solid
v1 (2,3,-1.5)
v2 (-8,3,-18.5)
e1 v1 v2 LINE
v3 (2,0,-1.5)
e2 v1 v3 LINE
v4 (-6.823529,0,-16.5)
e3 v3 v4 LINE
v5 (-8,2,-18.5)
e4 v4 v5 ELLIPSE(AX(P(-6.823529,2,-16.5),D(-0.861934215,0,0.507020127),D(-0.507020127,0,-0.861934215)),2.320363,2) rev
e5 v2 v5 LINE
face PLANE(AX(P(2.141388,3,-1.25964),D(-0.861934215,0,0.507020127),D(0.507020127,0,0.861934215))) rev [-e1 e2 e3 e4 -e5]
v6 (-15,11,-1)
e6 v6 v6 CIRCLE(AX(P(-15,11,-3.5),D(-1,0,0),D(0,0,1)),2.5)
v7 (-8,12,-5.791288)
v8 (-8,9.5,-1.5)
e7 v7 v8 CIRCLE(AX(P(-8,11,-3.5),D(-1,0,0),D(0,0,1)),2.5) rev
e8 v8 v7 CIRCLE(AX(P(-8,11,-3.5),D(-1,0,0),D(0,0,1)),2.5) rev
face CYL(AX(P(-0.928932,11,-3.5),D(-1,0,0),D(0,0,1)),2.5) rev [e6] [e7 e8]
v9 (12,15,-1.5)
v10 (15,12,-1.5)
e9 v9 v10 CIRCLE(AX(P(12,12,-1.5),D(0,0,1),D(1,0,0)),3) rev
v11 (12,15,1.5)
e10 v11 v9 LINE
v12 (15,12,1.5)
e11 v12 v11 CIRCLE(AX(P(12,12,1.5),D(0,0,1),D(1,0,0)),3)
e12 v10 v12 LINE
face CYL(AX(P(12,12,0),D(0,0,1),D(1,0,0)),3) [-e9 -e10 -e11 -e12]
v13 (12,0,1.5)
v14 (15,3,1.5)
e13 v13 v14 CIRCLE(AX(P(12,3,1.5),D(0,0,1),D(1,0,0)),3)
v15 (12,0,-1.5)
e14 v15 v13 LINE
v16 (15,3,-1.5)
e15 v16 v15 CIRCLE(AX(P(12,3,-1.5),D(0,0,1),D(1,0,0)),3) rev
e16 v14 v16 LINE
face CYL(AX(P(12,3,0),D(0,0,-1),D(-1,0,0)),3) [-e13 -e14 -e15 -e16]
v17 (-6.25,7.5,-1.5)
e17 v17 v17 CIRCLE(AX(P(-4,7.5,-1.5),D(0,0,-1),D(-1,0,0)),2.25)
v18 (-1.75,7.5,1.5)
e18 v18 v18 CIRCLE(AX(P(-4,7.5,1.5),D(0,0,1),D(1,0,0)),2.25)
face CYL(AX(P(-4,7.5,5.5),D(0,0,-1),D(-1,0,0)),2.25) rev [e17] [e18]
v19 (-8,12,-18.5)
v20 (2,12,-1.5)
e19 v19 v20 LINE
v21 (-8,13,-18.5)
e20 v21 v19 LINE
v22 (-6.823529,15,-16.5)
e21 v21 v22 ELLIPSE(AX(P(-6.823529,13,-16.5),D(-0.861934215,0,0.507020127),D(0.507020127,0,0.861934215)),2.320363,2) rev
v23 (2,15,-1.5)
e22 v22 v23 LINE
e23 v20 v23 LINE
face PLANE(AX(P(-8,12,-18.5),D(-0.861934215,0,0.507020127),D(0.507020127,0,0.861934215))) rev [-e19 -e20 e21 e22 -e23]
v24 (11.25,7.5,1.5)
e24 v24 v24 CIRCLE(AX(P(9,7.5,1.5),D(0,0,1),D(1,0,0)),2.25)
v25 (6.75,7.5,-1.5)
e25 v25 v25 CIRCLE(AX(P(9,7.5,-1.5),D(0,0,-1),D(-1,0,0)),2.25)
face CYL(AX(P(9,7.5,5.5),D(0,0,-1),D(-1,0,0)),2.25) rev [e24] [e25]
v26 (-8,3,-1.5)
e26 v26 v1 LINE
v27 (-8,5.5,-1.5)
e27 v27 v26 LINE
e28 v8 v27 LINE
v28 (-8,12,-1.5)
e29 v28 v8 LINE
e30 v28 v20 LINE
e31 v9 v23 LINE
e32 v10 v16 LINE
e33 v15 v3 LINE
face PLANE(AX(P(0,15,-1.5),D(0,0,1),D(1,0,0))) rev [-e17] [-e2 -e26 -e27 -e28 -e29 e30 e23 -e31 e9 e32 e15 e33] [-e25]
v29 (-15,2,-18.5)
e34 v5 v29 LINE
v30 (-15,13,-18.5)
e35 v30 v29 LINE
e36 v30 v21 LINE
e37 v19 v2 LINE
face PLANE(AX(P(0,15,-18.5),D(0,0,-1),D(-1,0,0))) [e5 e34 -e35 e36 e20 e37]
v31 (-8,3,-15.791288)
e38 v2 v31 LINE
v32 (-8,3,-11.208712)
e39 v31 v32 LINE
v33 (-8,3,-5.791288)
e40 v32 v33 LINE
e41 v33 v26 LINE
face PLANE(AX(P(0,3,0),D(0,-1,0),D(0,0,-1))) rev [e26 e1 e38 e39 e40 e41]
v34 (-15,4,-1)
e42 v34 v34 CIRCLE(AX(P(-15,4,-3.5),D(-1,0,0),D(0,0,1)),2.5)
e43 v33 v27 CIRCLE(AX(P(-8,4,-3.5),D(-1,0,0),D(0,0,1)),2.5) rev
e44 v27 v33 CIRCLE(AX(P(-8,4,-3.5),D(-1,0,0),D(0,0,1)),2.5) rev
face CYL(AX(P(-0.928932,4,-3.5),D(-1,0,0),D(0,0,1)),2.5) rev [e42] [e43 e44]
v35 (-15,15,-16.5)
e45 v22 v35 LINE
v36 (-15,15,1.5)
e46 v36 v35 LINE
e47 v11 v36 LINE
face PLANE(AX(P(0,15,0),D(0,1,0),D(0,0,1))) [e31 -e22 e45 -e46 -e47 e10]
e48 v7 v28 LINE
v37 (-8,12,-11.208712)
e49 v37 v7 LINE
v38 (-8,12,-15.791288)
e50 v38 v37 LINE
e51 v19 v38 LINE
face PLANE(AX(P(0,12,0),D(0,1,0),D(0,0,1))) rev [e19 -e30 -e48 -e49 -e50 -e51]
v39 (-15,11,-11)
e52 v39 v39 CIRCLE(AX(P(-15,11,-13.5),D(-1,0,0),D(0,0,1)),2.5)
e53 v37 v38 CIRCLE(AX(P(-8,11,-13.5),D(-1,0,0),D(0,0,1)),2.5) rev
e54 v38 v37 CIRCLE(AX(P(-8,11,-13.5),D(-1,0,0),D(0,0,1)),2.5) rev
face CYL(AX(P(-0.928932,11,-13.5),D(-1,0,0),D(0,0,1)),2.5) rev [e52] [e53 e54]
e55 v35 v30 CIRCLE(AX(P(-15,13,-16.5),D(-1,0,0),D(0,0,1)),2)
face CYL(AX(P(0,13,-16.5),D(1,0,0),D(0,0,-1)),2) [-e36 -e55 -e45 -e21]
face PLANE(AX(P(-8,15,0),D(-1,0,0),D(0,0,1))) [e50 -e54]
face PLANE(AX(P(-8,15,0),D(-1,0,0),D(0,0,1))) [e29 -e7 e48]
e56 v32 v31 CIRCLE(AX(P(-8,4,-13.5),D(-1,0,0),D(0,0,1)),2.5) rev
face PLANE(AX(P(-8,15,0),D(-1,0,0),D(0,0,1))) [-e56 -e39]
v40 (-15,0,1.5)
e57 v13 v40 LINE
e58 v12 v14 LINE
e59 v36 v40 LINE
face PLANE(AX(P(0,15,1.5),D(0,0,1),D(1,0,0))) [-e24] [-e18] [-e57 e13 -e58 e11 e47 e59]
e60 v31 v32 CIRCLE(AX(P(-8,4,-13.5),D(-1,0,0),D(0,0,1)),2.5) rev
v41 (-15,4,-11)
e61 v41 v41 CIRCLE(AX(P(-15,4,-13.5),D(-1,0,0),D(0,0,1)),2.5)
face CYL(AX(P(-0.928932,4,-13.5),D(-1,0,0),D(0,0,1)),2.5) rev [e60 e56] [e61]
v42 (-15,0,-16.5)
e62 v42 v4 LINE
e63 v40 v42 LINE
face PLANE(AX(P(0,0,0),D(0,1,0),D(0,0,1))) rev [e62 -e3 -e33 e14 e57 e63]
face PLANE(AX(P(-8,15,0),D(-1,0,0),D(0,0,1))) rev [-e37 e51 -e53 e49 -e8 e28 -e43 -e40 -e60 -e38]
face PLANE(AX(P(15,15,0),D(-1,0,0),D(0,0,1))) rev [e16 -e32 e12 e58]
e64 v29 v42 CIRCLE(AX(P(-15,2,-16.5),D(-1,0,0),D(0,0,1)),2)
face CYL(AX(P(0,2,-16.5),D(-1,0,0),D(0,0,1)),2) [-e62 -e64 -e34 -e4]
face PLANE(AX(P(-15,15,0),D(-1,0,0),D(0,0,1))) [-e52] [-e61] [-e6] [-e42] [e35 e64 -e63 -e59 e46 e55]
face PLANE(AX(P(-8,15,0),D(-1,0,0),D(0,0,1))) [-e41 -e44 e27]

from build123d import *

# Parameters (mm, degrees)
SKETCH1_W           = 30
SKETCH1_H           = 3
SKETCH1_W_2         = 7
SKETCH1_H_2         = 17
BOSS_EXTRUDE1_DEPTH = 15
BOSS_EXTRUDE2_DEPTH = 3
BOSS_EXTRUDE3_START = -15
BOSS_EXTRUDE3_DEPTH = 3
SKETCH4_R           = 2.5
CUT_EXTRUDE1_DEPTH  = 7
SKETCH5_R           = 2.25
CUT_EXTRUDE2_DEPTH  = 7
FILLET3_R           = 3
FILLET4_R           = 2


with BuildPart() as part:
    # Sketch1 → Boss-Extrude1 (new body)
    with BuildSketch(Plane(origin=(0, 0, 0), x_dir=(1, 0, 0), z_dir=(0, 1, 0))):
        Rectangle(SKETCH1_W, SKETCH1_H)
        with Locations((-11.5, 10)):
            Rectangle(SKETCH1_W_2, SKETCH1_H_2)
    extrude(amount=BOSS_EXTRUDE1_DEPTH)

    # Sketch3 → Boss-Extrude2 (add)
    with BuildSketch(Plane(origin=(0, 15, 0), x_dir=(1, 0, 0), z_dir=(0, 1, 0))):
        Polygon((-8, 18.5), (2, 1.5), (-8, 1.5), align=None)
    extrude(amount=-BOSS_EXTRUDE2_DEPTH)

    # Sketch3<3> → Boss-Extrude3 (add)
    with BuildSketch(Plane(origin=(0, 15, 0), x_dir=(1, 0, 0), z_dir=(0, 1, 0)).offset(BOSS_EXTRUDE3_START)):
        Polygon((-8, 18.5), (2, 1.5), (-8, 1.5), align=None)
    extrude(amount=BOSS_EXTRUDE3_DEPTH)

    # Sketch4 → Cut-Extrude1 (cut)
    with BuildSketch(Plane.ZY.offset(15)):
        with Locations((-3.5, 11)):
            Circle(SKETCH4_R)
        with Locations((-13.5, 11)):
            Circle(SKETCH4_R)
        with Locations((-3.5, 4)):
            Circle(SKETCH4_R)
        with Locations((-13.5, 4)):
            Circle(SKETCH4_R)
    extrude(amount=-CUT_EXTRUDE1_DEPTH, mode=Mode.SUBTRACT)

    # Sketch5 → Cut-Extrude2 (cut)
    with BuildSketch(Plane(origin=(0, 0, -1.5), x_dir=(-1, 0, 0), z_dir=(0, 0, -1))):
        with Locations((-9, 7.5)):
            Circle(SKETCH5_R)
        with Locations((4, 7.5)):
            Circle(SKETCH5_R)
    extrude(amount=-CUT_EXTRUDE2_DEPTH, mode=Mode.SUBTRACT)

    # Fillet3
    fillet3_edges = [part.edges().sort_by_distance(p)[0] for p in [
        (15, 15, 0),
        (15, 0, 0),
    ]]
    fillet(fillet3_edges, radius=FILLET3_R)

    # Fillet4
    fillet4_edges = [part.edges().sort_by_distance(p)[0] for p in [
        (-11.5, 15, -18.5),
        (-11.5, 0, -18.5),
    ]]
    fillet(fillet4_edges, radius=FILLET4_R)


solid = part.part
